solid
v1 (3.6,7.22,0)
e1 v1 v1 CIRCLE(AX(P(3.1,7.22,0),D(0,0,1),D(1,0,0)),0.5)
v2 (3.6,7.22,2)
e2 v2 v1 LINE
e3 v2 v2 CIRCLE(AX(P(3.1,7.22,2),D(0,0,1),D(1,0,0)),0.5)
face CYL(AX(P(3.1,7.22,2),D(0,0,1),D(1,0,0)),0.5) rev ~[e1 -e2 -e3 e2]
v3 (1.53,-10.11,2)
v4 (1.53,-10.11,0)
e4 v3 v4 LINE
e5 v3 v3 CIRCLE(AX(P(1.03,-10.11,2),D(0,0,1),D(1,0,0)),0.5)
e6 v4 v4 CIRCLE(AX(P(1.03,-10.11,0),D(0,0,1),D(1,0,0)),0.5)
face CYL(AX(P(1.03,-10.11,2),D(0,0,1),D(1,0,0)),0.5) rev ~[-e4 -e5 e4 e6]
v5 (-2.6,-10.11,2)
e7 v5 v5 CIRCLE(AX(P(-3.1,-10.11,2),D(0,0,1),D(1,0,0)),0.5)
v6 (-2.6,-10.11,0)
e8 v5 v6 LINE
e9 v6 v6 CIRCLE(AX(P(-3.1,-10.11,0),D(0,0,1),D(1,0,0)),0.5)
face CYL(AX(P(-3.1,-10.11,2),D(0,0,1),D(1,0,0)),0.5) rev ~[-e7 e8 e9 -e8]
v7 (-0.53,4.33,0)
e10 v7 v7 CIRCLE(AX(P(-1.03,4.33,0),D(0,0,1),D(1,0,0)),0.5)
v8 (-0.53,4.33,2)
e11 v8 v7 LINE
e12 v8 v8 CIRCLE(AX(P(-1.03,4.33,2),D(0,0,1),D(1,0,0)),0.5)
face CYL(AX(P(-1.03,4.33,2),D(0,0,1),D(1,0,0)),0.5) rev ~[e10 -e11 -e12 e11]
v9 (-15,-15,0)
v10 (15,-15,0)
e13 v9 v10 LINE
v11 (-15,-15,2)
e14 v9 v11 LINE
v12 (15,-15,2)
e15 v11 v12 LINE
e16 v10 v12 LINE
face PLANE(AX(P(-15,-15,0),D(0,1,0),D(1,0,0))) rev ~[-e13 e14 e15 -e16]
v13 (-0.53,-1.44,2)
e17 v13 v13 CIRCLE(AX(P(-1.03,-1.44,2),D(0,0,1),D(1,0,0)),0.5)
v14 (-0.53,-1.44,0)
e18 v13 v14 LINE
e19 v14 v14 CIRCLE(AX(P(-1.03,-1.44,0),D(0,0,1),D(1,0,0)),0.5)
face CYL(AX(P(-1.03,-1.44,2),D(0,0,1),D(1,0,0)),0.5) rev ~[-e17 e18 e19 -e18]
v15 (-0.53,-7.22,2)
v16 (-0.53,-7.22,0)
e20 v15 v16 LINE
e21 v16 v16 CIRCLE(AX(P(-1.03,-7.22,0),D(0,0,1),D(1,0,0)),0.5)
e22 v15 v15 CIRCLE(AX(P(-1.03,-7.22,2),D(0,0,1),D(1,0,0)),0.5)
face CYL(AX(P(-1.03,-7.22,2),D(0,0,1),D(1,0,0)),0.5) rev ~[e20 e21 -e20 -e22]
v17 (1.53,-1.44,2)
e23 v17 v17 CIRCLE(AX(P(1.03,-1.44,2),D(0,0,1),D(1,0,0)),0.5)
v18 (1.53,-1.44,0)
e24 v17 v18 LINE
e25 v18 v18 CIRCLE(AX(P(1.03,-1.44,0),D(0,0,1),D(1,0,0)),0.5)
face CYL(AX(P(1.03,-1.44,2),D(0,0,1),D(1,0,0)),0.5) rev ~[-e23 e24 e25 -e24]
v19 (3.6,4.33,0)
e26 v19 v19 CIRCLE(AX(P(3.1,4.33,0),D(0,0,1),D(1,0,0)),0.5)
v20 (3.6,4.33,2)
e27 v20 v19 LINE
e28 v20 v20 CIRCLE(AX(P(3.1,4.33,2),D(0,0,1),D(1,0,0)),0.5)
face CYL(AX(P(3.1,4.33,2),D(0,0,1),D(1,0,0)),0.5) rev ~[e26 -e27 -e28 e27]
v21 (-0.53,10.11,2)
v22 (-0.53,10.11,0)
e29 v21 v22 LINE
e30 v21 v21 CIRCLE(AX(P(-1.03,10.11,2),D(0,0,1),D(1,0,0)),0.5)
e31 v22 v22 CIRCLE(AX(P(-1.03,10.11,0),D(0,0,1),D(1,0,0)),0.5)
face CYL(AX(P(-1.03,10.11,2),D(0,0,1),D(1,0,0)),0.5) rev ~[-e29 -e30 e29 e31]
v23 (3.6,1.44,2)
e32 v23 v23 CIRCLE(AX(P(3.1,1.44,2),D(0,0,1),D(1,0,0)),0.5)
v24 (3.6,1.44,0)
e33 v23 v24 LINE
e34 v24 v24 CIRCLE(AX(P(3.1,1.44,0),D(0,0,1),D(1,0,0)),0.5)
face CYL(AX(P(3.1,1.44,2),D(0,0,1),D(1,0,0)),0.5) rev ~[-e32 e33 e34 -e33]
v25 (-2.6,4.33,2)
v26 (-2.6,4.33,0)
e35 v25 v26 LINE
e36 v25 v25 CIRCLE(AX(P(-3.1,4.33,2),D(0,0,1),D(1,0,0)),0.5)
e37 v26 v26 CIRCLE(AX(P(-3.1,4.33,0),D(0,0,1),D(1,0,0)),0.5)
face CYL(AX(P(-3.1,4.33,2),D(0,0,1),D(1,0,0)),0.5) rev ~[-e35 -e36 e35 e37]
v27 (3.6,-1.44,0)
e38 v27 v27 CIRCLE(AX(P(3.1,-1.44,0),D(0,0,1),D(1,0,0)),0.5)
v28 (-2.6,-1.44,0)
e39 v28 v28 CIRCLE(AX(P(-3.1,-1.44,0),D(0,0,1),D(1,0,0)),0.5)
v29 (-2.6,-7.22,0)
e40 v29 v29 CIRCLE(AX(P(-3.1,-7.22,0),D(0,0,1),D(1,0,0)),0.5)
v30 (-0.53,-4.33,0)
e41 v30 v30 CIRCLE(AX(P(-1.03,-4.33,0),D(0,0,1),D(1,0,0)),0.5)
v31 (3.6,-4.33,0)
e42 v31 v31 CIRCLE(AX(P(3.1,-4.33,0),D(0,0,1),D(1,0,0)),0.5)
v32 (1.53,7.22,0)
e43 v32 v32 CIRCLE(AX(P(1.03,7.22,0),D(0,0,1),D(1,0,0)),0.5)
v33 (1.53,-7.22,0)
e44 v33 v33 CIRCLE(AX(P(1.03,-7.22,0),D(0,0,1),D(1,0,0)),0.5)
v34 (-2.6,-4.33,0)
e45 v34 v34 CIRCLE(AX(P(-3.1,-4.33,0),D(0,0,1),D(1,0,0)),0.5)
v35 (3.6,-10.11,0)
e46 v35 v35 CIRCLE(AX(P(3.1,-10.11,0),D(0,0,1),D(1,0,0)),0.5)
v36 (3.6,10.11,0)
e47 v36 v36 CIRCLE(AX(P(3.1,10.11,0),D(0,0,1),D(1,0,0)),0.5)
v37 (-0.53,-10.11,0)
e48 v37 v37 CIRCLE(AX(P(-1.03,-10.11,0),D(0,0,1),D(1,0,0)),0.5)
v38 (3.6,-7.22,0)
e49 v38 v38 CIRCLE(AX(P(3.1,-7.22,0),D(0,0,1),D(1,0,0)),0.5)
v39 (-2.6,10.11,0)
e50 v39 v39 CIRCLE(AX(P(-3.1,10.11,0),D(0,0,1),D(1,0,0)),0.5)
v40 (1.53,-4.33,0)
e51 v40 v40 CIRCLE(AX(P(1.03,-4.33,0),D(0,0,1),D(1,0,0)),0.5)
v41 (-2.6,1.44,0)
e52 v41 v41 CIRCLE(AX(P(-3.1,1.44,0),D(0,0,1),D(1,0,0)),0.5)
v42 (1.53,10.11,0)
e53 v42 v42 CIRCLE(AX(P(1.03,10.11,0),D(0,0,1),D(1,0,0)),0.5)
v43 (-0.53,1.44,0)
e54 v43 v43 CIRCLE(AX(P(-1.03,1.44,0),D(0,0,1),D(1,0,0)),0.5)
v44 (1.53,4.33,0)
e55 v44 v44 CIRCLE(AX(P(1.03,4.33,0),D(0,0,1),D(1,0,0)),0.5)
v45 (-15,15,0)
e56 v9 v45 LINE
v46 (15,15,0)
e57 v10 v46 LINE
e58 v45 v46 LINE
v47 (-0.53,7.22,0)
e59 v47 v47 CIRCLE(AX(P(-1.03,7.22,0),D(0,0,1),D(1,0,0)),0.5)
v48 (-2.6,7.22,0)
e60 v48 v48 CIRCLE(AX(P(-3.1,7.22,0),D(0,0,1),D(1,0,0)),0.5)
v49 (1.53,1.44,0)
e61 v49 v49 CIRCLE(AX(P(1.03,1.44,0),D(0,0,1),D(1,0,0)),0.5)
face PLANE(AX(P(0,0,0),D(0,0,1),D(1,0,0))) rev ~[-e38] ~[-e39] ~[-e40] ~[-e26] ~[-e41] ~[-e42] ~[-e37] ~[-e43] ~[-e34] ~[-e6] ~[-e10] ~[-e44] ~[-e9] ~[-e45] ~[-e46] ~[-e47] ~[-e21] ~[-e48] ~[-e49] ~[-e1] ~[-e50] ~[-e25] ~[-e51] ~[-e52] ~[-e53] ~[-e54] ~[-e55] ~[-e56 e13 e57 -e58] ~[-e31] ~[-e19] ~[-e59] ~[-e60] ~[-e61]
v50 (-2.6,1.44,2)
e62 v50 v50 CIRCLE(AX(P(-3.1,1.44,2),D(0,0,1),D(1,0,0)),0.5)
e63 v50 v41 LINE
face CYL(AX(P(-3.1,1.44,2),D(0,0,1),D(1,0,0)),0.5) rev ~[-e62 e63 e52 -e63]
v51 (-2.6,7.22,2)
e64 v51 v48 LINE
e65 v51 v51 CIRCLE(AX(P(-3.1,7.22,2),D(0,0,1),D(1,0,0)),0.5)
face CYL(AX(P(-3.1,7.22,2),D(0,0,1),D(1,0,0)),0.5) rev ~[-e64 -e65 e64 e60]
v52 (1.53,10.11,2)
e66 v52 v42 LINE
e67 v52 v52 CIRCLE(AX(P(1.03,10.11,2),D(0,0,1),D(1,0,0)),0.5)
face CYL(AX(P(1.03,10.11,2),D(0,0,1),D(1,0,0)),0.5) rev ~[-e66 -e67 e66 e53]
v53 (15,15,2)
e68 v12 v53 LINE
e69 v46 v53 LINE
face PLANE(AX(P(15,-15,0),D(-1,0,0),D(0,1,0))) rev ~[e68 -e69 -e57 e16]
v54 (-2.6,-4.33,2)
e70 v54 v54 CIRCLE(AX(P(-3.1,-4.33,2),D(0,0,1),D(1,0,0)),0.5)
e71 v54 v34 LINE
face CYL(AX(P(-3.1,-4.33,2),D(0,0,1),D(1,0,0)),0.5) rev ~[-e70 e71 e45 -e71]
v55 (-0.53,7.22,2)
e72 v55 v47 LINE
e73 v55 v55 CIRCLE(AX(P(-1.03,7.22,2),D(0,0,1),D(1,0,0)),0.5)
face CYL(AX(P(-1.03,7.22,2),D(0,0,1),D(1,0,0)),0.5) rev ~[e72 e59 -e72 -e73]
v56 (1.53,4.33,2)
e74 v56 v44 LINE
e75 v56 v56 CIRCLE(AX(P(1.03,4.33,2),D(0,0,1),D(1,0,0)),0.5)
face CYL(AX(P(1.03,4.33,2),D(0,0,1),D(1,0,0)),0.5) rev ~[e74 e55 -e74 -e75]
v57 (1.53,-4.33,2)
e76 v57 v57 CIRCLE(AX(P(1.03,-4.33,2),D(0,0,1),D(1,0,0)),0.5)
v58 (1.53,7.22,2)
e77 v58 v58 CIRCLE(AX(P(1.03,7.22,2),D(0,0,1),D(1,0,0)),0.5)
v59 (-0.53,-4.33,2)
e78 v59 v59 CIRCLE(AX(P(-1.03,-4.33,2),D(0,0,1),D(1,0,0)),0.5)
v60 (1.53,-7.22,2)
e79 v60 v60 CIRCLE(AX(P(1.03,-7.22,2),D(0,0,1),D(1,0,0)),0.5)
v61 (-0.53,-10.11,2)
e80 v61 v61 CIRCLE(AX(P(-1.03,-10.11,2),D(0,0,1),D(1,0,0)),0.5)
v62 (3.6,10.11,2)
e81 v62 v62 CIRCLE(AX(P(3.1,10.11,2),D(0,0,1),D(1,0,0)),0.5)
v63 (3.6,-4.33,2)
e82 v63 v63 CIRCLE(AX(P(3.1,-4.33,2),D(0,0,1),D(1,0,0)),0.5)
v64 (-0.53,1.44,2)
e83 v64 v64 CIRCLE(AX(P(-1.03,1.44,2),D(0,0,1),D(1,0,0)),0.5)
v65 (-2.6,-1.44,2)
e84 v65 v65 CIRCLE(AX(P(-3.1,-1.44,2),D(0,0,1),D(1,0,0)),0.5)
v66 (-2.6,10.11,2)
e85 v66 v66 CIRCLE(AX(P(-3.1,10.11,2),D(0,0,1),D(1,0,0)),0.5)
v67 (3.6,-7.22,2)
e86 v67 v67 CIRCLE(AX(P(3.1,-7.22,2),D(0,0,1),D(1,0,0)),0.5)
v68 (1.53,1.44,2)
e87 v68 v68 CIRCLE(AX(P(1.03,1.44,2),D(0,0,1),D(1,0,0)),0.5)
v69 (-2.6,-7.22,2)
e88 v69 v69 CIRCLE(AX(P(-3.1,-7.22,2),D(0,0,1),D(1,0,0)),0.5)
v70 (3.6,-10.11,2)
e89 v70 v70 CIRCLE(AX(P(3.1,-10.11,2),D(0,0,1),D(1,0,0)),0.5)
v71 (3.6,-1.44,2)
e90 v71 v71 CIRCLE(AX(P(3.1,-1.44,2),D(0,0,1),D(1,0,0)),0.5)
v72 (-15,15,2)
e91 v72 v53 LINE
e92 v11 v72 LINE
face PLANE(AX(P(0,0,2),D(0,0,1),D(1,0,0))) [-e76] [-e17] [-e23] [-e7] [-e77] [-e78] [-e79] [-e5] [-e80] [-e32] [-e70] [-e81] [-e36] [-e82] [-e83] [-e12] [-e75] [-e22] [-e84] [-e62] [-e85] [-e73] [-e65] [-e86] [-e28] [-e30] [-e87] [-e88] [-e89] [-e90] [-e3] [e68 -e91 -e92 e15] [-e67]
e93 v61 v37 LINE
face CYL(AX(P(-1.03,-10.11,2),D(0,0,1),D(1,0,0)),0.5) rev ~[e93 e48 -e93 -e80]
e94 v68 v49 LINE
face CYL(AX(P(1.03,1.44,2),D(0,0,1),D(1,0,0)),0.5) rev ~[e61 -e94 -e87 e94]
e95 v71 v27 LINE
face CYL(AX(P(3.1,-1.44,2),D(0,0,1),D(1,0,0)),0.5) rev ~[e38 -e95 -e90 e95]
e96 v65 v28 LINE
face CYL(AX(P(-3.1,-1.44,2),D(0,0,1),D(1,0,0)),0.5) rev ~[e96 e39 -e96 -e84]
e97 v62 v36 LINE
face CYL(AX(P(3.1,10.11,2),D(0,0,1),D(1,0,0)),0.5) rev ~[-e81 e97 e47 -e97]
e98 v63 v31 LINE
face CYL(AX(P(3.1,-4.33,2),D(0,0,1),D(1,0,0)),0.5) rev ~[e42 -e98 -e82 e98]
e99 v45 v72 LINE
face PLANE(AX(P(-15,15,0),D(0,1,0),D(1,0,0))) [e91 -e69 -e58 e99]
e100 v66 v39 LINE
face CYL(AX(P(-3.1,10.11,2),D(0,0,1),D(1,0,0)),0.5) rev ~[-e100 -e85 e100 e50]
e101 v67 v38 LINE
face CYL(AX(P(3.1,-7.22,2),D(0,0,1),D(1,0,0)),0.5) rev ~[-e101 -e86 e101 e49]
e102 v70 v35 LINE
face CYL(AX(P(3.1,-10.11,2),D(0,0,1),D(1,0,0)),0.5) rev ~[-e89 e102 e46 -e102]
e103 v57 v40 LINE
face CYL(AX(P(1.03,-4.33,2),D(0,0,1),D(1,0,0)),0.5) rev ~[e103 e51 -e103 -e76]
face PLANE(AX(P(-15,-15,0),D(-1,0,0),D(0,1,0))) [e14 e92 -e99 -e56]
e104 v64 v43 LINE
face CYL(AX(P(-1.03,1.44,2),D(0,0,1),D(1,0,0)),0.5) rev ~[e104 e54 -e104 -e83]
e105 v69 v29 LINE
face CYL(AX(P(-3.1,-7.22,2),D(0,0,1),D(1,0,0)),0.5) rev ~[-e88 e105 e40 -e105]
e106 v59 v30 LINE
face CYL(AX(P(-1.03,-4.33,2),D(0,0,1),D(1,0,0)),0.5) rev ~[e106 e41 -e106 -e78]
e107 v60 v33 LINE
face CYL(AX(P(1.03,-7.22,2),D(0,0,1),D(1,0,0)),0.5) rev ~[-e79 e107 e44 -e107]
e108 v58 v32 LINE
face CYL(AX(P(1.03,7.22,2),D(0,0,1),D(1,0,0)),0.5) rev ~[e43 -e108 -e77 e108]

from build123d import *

# Parameters (mm, degrees)
ESQUISSE1_W            = 30
ESQUISSE1_H            = 30
BASE_PLATE_DEPTH       = 2
SKETCH_PERFORATIONS_R  = 0.5
CUT_PERFORATIONS_DEPTH = 10


with BuildPart() as part:
    # Esquisse1 → Base_Plate (new body)
    with BuildSketch(Plane.XY):
        Rectangle(ESQUISSE1_W, ESQUISSE1_H)
    extrude(amount=BASE_PLATE_DEPTH)

    # Sketch_Perforations → Cut_Perforations (cut)
    with BuildSketch(Plane.XY.offset(2)):
        with Locations((-3.1, -10.11)):
            Circle(SKETCH_PERFORATIONS_R)
        with Locations((-3.1, -7.22)):
            Circle(SKETCH_PERFORATIONS_R)
        with Locations((-3.1, -4.33)):
            Circle(SKETCH_PERFORATIONS_R)
        with Locations((-3.1, -1.44)):
            Circle(SKETCH_PERFORATIONS_R)
        with Locations((-3.1, 1.44)):
            Circle(SKETCH_PERFORATIONS_R)
        with Locations((-3.1, 4.33)):
            Circle(SKETCH_PERFORATIONS_R)
        with Locations((-3.1, 7.22)):
            Circle(SKETCH_PERFORATIONS_R)
        with Locations((-3.1, 10.11)):
            Circle(SKETCH_PERFORATIONS_R)
        with Locations((-1.03, -10.11)):
            Circle(SKETCH_PERFORATIONS_R)
        with Locations((-1.03, -7.22)):
            Circle(SKETCH_PERFORATIONS_R)
        with Locations((-1.03, -4.33)):
            Circle(SKETCH_PERFORATIONS_R)
        with Locations((-1.03, -1.44)):
            Circle(SKETCH_PERFORATIONS_R)
        with Locations((-1.03, 1.44)):
            Circle(SKETCH_PERFORATIONS_R)
        with Locations((-1.03, 4.33)):
            Circle(SKETCH_PERFORATIONS_R)
        with Locations((-1.03, 7.22)):
            Circle(SKETCH_PERFORATIONS_R)
        with Locations((-1.03, 10.11)):
            Circle(SKETCH_PERFORATIONS_R)
        with Locations((1.03, -10.11)):
            Circle(SKETCH_PERFORATIONS_R)
        with Locations((1.03, -7.22)):
            Circle(SKETCH_PERFORATIONS_R)
        with Locations((1.03, -4.33)):
            Circle(SKETCH_PERFORATIONS_R)
        with Locations((1.03, -1.44)):
            Circle(SKETCH_PERFORATIONS_R)
        with Locations((1.03, 1.44)):
            Circle(SKETCH_PERFORATIONS_R)
        with Locations((1.03, 4.33)):
            Circle(SKETCH_PERFORATIONS_R)
        with Locations((1.03, 7.22)):
            Circle(SKETCH_PERFORATIONS_R)
        with Locations((1.03, 10.11)):
            Circle(SKETCH_PERFORATIONS_R)
        with Locations((3.1, -10.11)):
            Circle(SKETCH_PERFORATIONS_R)
        with Locations((3.1, -7.22)):
            Circle(SKETCH_PERFORATIONS_R)
        with Locations((3.1, -4.33)):
            Circle(SKETCH_PERFORATIONS_R)
        with Locations((3.1, -1.44)):
            Circle(SKETCH_PERFORATIONS_R)
        with Locations((3.1, 1.44)):
            Circle(SKETCH_PERFORATIONS_R)
        with Locations((3.1, 4.33)):
            Circle(SKETCH_PERFORATIONS_R)
        with Locations((3.1, 7.22)):
            Circle(SKETCH_PERFORATIONS_R)
        with Locations((3.1, 10.11)):
            Circle(SKETCH_PERFORATIONS_R)
    extrude(amount=-CUT_PERFORATIONS_DEPTH, mode=Mode.SUBTRACT)


solid = part.part
